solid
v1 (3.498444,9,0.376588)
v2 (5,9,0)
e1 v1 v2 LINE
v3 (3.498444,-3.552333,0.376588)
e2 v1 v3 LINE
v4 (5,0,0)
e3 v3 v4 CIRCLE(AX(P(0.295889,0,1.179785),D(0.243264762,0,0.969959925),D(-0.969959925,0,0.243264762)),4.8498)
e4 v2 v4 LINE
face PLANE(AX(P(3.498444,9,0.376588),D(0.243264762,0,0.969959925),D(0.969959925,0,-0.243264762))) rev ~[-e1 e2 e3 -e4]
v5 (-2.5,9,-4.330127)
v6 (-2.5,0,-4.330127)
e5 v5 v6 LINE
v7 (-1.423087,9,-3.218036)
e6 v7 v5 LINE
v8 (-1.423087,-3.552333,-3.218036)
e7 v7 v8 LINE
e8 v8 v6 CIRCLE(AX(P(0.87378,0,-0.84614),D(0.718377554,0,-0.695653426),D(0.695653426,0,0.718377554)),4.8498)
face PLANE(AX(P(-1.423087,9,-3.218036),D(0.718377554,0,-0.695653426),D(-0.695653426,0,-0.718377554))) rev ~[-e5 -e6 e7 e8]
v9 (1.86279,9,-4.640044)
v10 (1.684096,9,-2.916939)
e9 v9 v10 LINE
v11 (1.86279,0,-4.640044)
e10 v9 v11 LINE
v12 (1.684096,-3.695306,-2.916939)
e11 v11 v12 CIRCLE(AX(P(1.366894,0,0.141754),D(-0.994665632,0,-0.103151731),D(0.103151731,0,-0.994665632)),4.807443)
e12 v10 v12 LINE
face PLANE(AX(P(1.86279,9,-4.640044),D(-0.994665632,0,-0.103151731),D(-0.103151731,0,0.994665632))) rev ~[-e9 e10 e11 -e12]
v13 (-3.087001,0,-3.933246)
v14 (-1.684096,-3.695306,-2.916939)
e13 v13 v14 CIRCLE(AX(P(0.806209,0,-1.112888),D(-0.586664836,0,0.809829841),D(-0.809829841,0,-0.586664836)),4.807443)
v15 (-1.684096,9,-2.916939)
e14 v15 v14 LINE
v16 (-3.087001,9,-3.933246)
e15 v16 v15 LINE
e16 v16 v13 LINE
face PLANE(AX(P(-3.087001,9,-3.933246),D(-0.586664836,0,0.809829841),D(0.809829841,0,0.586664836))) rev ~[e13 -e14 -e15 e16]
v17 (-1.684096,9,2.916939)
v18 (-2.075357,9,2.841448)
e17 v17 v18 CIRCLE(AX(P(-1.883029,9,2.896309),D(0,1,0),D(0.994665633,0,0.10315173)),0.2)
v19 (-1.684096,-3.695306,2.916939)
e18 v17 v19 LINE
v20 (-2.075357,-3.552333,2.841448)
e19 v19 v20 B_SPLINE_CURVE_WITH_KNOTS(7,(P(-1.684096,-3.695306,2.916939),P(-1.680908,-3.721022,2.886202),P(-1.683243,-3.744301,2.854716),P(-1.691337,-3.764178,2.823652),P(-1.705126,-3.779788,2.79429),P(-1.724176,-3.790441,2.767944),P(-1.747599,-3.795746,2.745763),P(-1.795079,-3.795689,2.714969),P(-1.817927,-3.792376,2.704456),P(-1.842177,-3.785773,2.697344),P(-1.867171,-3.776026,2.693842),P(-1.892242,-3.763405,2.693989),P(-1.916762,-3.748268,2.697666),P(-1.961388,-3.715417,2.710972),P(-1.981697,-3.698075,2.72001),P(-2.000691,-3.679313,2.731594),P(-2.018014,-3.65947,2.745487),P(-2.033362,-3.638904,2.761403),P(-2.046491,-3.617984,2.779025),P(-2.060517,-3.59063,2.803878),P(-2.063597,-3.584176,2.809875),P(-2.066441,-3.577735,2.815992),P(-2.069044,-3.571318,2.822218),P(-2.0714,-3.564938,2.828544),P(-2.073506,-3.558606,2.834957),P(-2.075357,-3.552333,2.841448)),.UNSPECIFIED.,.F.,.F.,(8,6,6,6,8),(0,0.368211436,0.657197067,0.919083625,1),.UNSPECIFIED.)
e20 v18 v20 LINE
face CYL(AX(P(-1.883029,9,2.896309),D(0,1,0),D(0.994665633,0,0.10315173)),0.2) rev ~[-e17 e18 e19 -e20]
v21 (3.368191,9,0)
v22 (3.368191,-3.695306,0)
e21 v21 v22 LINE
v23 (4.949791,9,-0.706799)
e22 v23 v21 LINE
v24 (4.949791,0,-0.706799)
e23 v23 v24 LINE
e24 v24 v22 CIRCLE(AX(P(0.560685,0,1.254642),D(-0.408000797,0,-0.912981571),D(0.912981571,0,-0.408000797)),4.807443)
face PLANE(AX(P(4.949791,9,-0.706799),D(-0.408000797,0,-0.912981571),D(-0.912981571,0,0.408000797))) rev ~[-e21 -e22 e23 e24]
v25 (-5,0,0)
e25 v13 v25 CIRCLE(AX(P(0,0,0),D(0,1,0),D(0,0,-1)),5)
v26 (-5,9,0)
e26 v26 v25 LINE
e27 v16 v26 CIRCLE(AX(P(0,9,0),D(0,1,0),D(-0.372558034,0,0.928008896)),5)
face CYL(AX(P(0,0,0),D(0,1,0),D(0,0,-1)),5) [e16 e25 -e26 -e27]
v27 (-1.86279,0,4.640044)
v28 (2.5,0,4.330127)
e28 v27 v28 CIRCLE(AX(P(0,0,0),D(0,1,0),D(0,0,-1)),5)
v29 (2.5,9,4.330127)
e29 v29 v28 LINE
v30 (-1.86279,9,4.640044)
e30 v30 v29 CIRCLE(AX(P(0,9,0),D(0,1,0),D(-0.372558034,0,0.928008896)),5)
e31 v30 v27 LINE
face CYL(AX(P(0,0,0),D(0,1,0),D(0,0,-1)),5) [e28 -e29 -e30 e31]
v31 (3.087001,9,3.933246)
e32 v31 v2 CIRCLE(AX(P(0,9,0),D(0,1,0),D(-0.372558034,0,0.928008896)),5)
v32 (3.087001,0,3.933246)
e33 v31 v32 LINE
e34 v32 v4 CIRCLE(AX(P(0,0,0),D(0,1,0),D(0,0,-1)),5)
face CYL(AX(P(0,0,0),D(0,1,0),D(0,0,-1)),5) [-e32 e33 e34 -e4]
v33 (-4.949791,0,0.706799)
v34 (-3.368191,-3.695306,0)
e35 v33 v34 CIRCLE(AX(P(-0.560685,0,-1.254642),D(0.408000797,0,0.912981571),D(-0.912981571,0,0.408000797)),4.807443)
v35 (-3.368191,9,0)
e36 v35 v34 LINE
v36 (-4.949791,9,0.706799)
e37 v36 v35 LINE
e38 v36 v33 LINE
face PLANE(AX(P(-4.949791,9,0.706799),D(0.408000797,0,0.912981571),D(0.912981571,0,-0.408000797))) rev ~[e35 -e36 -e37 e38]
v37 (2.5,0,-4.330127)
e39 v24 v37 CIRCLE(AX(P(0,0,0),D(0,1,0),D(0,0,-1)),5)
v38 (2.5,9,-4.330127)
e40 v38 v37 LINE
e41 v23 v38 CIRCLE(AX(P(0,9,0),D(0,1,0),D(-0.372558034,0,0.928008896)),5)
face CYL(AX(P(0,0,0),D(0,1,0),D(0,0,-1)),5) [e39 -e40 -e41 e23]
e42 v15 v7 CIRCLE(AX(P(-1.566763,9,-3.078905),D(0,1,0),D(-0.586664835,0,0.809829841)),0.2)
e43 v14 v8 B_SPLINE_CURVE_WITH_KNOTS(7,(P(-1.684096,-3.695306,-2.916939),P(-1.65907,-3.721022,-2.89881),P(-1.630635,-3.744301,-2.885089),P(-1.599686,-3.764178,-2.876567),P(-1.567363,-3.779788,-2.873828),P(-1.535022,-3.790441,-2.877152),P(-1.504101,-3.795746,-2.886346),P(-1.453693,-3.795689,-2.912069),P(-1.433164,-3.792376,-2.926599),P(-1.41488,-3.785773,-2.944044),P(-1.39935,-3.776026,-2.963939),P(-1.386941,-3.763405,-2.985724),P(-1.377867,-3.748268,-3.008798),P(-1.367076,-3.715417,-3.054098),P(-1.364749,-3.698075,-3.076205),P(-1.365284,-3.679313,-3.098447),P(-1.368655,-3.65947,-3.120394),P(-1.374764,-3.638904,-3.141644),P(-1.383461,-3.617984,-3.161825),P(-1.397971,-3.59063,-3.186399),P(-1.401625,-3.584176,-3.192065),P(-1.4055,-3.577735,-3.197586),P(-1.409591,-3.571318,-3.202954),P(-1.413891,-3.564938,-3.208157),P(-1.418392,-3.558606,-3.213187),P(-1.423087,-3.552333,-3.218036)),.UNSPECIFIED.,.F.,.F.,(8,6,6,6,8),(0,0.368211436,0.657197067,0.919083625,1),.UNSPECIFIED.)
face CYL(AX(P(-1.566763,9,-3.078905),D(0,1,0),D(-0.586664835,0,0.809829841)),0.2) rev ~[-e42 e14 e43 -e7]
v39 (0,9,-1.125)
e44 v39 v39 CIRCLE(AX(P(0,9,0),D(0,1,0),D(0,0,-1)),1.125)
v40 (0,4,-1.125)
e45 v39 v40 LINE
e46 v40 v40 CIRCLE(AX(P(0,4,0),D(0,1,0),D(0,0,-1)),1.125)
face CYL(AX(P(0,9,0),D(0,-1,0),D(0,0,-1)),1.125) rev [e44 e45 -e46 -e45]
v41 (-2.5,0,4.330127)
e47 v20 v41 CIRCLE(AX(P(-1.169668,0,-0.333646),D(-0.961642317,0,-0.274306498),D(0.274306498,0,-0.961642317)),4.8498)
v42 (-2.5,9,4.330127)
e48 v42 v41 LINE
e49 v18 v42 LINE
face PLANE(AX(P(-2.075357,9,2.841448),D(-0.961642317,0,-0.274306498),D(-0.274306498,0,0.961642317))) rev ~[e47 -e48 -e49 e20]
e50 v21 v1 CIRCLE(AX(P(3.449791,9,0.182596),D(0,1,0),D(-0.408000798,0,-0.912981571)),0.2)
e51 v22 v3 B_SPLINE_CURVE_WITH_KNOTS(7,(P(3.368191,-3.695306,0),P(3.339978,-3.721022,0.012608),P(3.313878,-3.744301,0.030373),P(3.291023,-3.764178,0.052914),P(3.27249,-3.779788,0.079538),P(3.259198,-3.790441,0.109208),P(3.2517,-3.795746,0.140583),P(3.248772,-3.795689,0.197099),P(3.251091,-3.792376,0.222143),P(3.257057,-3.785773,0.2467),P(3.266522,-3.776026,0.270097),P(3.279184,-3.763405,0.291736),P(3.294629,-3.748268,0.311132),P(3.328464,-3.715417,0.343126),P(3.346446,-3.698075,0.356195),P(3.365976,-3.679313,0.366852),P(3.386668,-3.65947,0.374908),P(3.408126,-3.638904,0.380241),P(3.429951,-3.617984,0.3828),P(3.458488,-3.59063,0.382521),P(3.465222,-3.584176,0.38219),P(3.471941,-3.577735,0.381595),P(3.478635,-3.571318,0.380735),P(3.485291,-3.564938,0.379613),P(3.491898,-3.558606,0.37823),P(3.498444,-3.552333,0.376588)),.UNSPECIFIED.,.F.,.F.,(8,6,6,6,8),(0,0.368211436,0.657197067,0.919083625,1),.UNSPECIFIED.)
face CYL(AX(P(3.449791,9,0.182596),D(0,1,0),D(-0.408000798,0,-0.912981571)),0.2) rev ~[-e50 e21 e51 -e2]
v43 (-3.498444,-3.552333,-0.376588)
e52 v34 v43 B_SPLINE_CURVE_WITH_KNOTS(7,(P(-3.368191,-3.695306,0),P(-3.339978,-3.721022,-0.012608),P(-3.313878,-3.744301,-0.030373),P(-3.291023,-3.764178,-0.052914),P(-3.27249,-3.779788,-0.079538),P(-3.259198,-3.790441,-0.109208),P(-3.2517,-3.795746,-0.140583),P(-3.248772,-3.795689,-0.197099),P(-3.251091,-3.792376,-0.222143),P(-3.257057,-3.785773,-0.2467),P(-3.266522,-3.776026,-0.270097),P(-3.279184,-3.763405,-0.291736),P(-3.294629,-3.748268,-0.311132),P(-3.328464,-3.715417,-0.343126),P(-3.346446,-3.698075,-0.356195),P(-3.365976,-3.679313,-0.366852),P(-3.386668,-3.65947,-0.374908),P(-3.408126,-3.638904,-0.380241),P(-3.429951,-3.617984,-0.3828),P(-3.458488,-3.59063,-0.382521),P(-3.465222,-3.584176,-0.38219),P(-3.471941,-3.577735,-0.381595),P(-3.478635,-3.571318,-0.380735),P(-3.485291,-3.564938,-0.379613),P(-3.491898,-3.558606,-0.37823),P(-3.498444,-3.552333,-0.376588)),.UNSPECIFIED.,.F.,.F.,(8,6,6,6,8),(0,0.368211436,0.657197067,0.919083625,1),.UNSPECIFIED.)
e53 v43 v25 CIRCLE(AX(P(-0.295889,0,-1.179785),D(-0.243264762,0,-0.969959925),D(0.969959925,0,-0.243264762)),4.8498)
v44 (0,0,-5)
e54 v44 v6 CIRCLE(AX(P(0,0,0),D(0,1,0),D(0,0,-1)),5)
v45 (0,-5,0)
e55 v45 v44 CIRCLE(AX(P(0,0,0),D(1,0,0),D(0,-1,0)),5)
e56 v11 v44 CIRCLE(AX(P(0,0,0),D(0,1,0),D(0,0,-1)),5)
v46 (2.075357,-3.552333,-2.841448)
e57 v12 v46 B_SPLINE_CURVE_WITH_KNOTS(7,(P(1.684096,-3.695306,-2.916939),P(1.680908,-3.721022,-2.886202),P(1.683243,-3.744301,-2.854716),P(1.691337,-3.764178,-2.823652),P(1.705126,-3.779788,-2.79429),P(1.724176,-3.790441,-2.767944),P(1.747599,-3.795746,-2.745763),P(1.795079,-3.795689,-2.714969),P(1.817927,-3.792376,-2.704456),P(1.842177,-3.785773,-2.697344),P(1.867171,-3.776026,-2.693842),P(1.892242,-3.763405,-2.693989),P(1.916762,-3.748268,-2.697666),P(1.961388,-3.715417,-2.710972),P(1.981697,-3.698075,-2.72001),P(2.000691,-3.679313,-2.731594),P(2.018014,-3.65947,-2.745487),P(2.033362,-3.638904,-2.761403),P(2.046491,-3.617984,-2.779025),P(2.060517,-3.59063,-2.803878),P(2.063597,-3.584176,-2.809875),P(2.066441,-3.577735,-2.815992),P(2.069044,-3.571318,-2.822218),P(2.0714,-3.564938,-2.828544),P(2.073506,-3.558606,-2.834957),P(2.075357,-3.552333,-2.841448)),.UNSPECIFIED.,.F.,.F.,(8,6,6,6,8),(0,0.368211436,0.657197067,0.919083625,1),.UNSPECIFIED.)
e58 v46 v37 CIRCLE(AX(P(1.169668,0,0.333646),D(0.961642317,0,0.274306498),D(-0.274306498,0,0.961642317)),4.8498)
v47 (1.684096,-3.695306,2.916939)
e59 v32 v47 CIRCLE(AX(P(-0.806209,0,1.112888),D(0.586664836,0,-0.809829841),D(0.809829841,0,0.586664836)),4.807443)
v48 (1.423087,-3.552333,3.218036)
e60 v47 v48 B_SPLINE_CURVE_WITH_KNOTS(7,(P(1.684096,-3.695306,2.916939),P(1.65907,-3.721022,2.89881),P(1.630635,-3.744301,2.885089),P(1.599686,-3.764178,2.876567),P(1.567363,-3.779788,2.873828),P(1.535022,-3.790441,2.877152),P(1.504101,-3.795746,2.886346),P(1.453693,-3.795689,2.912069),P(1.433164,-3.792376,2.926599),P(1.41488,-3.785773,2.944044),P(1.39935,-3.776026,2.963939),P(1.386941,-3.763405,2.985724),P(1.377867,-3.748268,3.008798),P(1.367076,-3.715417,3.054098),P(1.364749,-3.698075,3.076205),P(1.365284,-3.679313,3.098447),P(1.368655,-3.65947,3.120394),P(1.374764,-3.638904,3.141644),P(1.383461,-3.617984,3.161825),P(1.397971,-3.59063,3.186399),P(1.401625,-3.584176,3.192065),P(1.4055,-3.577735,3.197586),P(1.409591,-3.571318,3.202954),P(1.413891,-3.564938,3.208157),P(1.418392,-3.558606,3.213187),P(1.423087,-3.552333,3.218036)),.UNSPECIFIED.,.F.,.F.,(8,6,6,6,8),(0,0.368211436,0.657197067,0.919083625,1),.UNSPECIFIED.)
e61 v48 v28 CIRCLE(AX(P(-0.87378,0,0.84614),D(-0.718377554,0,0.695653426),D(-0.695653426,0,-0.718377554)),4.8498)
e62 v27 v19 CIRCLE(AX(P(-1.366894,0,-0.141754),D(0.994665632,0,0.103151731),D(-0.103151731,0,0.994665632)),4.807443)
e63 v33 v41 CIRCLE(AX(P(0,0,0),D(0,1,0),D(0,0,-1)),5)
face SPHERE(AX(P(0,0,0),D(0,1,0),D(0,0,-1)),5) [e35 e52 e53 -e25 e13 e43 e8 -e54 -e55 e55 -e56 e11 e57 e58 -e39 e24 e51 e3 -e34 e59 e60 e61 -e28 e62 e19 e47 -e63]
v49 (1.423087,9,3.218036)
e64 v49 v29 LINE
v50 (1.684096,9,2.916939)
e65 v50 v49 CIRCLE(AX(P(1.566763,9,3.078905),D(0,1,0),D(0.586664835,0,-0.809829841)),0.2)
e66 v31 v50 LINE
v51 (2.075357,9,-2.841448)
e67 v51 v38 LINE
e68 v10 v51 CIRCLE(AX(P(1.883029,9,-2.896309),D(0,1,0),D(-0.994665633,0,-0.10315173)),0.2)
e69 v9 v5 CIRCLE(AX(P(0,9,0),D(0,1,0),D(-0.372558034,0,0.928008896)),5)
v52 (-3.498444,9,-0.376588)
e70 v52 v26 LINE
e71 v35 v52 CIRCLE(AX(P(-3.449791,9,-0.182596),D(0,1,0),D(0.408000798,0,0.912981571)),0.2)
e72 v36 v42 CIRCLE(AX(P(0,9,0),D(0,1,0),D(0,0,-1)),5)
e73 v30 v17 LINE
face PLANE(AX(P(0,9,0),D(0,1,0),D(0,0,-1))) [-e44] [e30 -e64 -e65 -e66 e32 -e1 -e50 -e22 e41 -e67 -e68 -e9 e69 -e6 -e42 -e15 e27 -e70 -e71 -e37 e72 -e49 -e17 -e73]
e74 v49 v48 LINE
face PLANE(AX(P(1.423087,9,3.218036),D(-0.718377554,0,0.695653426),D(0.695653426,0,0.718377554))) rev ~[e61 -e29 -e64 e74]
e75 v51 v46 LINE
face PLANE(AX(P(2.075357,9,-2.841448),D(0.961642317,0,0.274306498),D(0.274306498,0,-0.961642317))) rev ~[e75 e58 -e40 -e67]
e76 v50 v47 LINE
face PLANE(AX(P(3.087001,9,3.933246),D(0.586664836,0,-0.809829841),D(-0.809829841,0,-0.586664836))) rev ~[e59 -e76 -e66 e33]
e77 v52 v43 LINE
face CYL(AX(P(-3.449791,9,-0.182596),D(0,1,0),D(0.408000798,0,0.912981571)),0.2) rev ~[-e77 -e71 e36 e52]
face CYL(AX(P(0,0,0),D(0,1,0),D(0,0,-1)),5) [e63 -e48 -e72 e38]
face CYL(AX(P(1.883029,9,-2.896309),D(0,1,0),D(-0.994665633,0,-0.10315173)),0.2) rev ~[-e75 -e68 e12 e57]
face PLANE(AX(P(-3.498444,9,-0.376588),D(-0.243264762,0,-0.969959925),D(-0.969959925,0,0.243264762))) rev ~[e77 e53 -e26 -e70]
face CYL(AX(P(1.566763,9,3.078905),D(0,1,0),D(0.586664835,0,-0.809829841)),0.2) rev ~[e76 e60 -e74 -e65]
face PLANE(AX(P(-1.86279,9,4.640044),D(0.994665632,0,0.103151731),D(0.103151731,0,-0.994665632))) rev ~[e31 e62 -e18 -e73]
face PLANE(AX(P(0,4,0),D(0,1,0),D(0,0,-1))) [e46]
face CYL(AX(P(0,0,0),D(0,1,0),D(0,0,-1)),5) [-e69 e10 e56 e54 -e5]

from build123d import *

# Parameters (mm, degrees)
CUT_EXTRUDE1_DEPTH = 16.684387141
CIRPATTERN1_COUNT  = 6


with BuildPart() as part:
    # Sketch1 → Revolve1 (revolve)
    with BuildSketch(Plane.XY):
        with BuildLine():
            Line((-5, 9), (-1.125, 9))
            Line((-1.125, 9), (-1.125, 4))
            Line((-1.125, 4), (0, 4))
            Line((0, 4), (0, -5))
            ThreePointArc((0, -5), (-3.535533906, -3.535533906), (-5, 0))
            Line((-5, 0), (-5, 9))
        make_face()
    revolve(axis=Axis((0, 0, 0), (0, 1, 0)))

    # Sketch2 → Cut-Extrude1 (cut, through all)
    with BuildSketch(Plane(origin=(0, 9, 0), x_dir=(1, 0, 0), z_dir=(0, 1, 0))):
        with BuildLine():
            Line((-4.94979148, -0.706798632), (-3.36819132, 0))
            ThreePointArc((-3.36819132, 0), (-3.260778077, 0.247971643), (-3.498444432, 0.376588299))
            Line((-3.498444432, 0.376588299), (-5, 0))
            ThreePointArc((-5, 0), (-4.987432075, -0.354289854), (-4.94979148, -0.706798632))
        make_face()
    cut_extrude1 = extrude(amount=-CUT_EXTRUDE1_DEPTH, mode=Mode.SUBTRACT)

    # CirPattern1: Cut-Extrude1 ×6 about axis
    cirpattern1_axis = Axis((0, 9, 0), (0, -1, 0))
    for i in range(1, CIRPATTERN1_COUNT):
        add(cut_extrude1.rotate(cirpattern1_axis, i * 360 / CIRPATTERN1_COUNT), mode=Mode.SUBTRACT)


solid = part.part
